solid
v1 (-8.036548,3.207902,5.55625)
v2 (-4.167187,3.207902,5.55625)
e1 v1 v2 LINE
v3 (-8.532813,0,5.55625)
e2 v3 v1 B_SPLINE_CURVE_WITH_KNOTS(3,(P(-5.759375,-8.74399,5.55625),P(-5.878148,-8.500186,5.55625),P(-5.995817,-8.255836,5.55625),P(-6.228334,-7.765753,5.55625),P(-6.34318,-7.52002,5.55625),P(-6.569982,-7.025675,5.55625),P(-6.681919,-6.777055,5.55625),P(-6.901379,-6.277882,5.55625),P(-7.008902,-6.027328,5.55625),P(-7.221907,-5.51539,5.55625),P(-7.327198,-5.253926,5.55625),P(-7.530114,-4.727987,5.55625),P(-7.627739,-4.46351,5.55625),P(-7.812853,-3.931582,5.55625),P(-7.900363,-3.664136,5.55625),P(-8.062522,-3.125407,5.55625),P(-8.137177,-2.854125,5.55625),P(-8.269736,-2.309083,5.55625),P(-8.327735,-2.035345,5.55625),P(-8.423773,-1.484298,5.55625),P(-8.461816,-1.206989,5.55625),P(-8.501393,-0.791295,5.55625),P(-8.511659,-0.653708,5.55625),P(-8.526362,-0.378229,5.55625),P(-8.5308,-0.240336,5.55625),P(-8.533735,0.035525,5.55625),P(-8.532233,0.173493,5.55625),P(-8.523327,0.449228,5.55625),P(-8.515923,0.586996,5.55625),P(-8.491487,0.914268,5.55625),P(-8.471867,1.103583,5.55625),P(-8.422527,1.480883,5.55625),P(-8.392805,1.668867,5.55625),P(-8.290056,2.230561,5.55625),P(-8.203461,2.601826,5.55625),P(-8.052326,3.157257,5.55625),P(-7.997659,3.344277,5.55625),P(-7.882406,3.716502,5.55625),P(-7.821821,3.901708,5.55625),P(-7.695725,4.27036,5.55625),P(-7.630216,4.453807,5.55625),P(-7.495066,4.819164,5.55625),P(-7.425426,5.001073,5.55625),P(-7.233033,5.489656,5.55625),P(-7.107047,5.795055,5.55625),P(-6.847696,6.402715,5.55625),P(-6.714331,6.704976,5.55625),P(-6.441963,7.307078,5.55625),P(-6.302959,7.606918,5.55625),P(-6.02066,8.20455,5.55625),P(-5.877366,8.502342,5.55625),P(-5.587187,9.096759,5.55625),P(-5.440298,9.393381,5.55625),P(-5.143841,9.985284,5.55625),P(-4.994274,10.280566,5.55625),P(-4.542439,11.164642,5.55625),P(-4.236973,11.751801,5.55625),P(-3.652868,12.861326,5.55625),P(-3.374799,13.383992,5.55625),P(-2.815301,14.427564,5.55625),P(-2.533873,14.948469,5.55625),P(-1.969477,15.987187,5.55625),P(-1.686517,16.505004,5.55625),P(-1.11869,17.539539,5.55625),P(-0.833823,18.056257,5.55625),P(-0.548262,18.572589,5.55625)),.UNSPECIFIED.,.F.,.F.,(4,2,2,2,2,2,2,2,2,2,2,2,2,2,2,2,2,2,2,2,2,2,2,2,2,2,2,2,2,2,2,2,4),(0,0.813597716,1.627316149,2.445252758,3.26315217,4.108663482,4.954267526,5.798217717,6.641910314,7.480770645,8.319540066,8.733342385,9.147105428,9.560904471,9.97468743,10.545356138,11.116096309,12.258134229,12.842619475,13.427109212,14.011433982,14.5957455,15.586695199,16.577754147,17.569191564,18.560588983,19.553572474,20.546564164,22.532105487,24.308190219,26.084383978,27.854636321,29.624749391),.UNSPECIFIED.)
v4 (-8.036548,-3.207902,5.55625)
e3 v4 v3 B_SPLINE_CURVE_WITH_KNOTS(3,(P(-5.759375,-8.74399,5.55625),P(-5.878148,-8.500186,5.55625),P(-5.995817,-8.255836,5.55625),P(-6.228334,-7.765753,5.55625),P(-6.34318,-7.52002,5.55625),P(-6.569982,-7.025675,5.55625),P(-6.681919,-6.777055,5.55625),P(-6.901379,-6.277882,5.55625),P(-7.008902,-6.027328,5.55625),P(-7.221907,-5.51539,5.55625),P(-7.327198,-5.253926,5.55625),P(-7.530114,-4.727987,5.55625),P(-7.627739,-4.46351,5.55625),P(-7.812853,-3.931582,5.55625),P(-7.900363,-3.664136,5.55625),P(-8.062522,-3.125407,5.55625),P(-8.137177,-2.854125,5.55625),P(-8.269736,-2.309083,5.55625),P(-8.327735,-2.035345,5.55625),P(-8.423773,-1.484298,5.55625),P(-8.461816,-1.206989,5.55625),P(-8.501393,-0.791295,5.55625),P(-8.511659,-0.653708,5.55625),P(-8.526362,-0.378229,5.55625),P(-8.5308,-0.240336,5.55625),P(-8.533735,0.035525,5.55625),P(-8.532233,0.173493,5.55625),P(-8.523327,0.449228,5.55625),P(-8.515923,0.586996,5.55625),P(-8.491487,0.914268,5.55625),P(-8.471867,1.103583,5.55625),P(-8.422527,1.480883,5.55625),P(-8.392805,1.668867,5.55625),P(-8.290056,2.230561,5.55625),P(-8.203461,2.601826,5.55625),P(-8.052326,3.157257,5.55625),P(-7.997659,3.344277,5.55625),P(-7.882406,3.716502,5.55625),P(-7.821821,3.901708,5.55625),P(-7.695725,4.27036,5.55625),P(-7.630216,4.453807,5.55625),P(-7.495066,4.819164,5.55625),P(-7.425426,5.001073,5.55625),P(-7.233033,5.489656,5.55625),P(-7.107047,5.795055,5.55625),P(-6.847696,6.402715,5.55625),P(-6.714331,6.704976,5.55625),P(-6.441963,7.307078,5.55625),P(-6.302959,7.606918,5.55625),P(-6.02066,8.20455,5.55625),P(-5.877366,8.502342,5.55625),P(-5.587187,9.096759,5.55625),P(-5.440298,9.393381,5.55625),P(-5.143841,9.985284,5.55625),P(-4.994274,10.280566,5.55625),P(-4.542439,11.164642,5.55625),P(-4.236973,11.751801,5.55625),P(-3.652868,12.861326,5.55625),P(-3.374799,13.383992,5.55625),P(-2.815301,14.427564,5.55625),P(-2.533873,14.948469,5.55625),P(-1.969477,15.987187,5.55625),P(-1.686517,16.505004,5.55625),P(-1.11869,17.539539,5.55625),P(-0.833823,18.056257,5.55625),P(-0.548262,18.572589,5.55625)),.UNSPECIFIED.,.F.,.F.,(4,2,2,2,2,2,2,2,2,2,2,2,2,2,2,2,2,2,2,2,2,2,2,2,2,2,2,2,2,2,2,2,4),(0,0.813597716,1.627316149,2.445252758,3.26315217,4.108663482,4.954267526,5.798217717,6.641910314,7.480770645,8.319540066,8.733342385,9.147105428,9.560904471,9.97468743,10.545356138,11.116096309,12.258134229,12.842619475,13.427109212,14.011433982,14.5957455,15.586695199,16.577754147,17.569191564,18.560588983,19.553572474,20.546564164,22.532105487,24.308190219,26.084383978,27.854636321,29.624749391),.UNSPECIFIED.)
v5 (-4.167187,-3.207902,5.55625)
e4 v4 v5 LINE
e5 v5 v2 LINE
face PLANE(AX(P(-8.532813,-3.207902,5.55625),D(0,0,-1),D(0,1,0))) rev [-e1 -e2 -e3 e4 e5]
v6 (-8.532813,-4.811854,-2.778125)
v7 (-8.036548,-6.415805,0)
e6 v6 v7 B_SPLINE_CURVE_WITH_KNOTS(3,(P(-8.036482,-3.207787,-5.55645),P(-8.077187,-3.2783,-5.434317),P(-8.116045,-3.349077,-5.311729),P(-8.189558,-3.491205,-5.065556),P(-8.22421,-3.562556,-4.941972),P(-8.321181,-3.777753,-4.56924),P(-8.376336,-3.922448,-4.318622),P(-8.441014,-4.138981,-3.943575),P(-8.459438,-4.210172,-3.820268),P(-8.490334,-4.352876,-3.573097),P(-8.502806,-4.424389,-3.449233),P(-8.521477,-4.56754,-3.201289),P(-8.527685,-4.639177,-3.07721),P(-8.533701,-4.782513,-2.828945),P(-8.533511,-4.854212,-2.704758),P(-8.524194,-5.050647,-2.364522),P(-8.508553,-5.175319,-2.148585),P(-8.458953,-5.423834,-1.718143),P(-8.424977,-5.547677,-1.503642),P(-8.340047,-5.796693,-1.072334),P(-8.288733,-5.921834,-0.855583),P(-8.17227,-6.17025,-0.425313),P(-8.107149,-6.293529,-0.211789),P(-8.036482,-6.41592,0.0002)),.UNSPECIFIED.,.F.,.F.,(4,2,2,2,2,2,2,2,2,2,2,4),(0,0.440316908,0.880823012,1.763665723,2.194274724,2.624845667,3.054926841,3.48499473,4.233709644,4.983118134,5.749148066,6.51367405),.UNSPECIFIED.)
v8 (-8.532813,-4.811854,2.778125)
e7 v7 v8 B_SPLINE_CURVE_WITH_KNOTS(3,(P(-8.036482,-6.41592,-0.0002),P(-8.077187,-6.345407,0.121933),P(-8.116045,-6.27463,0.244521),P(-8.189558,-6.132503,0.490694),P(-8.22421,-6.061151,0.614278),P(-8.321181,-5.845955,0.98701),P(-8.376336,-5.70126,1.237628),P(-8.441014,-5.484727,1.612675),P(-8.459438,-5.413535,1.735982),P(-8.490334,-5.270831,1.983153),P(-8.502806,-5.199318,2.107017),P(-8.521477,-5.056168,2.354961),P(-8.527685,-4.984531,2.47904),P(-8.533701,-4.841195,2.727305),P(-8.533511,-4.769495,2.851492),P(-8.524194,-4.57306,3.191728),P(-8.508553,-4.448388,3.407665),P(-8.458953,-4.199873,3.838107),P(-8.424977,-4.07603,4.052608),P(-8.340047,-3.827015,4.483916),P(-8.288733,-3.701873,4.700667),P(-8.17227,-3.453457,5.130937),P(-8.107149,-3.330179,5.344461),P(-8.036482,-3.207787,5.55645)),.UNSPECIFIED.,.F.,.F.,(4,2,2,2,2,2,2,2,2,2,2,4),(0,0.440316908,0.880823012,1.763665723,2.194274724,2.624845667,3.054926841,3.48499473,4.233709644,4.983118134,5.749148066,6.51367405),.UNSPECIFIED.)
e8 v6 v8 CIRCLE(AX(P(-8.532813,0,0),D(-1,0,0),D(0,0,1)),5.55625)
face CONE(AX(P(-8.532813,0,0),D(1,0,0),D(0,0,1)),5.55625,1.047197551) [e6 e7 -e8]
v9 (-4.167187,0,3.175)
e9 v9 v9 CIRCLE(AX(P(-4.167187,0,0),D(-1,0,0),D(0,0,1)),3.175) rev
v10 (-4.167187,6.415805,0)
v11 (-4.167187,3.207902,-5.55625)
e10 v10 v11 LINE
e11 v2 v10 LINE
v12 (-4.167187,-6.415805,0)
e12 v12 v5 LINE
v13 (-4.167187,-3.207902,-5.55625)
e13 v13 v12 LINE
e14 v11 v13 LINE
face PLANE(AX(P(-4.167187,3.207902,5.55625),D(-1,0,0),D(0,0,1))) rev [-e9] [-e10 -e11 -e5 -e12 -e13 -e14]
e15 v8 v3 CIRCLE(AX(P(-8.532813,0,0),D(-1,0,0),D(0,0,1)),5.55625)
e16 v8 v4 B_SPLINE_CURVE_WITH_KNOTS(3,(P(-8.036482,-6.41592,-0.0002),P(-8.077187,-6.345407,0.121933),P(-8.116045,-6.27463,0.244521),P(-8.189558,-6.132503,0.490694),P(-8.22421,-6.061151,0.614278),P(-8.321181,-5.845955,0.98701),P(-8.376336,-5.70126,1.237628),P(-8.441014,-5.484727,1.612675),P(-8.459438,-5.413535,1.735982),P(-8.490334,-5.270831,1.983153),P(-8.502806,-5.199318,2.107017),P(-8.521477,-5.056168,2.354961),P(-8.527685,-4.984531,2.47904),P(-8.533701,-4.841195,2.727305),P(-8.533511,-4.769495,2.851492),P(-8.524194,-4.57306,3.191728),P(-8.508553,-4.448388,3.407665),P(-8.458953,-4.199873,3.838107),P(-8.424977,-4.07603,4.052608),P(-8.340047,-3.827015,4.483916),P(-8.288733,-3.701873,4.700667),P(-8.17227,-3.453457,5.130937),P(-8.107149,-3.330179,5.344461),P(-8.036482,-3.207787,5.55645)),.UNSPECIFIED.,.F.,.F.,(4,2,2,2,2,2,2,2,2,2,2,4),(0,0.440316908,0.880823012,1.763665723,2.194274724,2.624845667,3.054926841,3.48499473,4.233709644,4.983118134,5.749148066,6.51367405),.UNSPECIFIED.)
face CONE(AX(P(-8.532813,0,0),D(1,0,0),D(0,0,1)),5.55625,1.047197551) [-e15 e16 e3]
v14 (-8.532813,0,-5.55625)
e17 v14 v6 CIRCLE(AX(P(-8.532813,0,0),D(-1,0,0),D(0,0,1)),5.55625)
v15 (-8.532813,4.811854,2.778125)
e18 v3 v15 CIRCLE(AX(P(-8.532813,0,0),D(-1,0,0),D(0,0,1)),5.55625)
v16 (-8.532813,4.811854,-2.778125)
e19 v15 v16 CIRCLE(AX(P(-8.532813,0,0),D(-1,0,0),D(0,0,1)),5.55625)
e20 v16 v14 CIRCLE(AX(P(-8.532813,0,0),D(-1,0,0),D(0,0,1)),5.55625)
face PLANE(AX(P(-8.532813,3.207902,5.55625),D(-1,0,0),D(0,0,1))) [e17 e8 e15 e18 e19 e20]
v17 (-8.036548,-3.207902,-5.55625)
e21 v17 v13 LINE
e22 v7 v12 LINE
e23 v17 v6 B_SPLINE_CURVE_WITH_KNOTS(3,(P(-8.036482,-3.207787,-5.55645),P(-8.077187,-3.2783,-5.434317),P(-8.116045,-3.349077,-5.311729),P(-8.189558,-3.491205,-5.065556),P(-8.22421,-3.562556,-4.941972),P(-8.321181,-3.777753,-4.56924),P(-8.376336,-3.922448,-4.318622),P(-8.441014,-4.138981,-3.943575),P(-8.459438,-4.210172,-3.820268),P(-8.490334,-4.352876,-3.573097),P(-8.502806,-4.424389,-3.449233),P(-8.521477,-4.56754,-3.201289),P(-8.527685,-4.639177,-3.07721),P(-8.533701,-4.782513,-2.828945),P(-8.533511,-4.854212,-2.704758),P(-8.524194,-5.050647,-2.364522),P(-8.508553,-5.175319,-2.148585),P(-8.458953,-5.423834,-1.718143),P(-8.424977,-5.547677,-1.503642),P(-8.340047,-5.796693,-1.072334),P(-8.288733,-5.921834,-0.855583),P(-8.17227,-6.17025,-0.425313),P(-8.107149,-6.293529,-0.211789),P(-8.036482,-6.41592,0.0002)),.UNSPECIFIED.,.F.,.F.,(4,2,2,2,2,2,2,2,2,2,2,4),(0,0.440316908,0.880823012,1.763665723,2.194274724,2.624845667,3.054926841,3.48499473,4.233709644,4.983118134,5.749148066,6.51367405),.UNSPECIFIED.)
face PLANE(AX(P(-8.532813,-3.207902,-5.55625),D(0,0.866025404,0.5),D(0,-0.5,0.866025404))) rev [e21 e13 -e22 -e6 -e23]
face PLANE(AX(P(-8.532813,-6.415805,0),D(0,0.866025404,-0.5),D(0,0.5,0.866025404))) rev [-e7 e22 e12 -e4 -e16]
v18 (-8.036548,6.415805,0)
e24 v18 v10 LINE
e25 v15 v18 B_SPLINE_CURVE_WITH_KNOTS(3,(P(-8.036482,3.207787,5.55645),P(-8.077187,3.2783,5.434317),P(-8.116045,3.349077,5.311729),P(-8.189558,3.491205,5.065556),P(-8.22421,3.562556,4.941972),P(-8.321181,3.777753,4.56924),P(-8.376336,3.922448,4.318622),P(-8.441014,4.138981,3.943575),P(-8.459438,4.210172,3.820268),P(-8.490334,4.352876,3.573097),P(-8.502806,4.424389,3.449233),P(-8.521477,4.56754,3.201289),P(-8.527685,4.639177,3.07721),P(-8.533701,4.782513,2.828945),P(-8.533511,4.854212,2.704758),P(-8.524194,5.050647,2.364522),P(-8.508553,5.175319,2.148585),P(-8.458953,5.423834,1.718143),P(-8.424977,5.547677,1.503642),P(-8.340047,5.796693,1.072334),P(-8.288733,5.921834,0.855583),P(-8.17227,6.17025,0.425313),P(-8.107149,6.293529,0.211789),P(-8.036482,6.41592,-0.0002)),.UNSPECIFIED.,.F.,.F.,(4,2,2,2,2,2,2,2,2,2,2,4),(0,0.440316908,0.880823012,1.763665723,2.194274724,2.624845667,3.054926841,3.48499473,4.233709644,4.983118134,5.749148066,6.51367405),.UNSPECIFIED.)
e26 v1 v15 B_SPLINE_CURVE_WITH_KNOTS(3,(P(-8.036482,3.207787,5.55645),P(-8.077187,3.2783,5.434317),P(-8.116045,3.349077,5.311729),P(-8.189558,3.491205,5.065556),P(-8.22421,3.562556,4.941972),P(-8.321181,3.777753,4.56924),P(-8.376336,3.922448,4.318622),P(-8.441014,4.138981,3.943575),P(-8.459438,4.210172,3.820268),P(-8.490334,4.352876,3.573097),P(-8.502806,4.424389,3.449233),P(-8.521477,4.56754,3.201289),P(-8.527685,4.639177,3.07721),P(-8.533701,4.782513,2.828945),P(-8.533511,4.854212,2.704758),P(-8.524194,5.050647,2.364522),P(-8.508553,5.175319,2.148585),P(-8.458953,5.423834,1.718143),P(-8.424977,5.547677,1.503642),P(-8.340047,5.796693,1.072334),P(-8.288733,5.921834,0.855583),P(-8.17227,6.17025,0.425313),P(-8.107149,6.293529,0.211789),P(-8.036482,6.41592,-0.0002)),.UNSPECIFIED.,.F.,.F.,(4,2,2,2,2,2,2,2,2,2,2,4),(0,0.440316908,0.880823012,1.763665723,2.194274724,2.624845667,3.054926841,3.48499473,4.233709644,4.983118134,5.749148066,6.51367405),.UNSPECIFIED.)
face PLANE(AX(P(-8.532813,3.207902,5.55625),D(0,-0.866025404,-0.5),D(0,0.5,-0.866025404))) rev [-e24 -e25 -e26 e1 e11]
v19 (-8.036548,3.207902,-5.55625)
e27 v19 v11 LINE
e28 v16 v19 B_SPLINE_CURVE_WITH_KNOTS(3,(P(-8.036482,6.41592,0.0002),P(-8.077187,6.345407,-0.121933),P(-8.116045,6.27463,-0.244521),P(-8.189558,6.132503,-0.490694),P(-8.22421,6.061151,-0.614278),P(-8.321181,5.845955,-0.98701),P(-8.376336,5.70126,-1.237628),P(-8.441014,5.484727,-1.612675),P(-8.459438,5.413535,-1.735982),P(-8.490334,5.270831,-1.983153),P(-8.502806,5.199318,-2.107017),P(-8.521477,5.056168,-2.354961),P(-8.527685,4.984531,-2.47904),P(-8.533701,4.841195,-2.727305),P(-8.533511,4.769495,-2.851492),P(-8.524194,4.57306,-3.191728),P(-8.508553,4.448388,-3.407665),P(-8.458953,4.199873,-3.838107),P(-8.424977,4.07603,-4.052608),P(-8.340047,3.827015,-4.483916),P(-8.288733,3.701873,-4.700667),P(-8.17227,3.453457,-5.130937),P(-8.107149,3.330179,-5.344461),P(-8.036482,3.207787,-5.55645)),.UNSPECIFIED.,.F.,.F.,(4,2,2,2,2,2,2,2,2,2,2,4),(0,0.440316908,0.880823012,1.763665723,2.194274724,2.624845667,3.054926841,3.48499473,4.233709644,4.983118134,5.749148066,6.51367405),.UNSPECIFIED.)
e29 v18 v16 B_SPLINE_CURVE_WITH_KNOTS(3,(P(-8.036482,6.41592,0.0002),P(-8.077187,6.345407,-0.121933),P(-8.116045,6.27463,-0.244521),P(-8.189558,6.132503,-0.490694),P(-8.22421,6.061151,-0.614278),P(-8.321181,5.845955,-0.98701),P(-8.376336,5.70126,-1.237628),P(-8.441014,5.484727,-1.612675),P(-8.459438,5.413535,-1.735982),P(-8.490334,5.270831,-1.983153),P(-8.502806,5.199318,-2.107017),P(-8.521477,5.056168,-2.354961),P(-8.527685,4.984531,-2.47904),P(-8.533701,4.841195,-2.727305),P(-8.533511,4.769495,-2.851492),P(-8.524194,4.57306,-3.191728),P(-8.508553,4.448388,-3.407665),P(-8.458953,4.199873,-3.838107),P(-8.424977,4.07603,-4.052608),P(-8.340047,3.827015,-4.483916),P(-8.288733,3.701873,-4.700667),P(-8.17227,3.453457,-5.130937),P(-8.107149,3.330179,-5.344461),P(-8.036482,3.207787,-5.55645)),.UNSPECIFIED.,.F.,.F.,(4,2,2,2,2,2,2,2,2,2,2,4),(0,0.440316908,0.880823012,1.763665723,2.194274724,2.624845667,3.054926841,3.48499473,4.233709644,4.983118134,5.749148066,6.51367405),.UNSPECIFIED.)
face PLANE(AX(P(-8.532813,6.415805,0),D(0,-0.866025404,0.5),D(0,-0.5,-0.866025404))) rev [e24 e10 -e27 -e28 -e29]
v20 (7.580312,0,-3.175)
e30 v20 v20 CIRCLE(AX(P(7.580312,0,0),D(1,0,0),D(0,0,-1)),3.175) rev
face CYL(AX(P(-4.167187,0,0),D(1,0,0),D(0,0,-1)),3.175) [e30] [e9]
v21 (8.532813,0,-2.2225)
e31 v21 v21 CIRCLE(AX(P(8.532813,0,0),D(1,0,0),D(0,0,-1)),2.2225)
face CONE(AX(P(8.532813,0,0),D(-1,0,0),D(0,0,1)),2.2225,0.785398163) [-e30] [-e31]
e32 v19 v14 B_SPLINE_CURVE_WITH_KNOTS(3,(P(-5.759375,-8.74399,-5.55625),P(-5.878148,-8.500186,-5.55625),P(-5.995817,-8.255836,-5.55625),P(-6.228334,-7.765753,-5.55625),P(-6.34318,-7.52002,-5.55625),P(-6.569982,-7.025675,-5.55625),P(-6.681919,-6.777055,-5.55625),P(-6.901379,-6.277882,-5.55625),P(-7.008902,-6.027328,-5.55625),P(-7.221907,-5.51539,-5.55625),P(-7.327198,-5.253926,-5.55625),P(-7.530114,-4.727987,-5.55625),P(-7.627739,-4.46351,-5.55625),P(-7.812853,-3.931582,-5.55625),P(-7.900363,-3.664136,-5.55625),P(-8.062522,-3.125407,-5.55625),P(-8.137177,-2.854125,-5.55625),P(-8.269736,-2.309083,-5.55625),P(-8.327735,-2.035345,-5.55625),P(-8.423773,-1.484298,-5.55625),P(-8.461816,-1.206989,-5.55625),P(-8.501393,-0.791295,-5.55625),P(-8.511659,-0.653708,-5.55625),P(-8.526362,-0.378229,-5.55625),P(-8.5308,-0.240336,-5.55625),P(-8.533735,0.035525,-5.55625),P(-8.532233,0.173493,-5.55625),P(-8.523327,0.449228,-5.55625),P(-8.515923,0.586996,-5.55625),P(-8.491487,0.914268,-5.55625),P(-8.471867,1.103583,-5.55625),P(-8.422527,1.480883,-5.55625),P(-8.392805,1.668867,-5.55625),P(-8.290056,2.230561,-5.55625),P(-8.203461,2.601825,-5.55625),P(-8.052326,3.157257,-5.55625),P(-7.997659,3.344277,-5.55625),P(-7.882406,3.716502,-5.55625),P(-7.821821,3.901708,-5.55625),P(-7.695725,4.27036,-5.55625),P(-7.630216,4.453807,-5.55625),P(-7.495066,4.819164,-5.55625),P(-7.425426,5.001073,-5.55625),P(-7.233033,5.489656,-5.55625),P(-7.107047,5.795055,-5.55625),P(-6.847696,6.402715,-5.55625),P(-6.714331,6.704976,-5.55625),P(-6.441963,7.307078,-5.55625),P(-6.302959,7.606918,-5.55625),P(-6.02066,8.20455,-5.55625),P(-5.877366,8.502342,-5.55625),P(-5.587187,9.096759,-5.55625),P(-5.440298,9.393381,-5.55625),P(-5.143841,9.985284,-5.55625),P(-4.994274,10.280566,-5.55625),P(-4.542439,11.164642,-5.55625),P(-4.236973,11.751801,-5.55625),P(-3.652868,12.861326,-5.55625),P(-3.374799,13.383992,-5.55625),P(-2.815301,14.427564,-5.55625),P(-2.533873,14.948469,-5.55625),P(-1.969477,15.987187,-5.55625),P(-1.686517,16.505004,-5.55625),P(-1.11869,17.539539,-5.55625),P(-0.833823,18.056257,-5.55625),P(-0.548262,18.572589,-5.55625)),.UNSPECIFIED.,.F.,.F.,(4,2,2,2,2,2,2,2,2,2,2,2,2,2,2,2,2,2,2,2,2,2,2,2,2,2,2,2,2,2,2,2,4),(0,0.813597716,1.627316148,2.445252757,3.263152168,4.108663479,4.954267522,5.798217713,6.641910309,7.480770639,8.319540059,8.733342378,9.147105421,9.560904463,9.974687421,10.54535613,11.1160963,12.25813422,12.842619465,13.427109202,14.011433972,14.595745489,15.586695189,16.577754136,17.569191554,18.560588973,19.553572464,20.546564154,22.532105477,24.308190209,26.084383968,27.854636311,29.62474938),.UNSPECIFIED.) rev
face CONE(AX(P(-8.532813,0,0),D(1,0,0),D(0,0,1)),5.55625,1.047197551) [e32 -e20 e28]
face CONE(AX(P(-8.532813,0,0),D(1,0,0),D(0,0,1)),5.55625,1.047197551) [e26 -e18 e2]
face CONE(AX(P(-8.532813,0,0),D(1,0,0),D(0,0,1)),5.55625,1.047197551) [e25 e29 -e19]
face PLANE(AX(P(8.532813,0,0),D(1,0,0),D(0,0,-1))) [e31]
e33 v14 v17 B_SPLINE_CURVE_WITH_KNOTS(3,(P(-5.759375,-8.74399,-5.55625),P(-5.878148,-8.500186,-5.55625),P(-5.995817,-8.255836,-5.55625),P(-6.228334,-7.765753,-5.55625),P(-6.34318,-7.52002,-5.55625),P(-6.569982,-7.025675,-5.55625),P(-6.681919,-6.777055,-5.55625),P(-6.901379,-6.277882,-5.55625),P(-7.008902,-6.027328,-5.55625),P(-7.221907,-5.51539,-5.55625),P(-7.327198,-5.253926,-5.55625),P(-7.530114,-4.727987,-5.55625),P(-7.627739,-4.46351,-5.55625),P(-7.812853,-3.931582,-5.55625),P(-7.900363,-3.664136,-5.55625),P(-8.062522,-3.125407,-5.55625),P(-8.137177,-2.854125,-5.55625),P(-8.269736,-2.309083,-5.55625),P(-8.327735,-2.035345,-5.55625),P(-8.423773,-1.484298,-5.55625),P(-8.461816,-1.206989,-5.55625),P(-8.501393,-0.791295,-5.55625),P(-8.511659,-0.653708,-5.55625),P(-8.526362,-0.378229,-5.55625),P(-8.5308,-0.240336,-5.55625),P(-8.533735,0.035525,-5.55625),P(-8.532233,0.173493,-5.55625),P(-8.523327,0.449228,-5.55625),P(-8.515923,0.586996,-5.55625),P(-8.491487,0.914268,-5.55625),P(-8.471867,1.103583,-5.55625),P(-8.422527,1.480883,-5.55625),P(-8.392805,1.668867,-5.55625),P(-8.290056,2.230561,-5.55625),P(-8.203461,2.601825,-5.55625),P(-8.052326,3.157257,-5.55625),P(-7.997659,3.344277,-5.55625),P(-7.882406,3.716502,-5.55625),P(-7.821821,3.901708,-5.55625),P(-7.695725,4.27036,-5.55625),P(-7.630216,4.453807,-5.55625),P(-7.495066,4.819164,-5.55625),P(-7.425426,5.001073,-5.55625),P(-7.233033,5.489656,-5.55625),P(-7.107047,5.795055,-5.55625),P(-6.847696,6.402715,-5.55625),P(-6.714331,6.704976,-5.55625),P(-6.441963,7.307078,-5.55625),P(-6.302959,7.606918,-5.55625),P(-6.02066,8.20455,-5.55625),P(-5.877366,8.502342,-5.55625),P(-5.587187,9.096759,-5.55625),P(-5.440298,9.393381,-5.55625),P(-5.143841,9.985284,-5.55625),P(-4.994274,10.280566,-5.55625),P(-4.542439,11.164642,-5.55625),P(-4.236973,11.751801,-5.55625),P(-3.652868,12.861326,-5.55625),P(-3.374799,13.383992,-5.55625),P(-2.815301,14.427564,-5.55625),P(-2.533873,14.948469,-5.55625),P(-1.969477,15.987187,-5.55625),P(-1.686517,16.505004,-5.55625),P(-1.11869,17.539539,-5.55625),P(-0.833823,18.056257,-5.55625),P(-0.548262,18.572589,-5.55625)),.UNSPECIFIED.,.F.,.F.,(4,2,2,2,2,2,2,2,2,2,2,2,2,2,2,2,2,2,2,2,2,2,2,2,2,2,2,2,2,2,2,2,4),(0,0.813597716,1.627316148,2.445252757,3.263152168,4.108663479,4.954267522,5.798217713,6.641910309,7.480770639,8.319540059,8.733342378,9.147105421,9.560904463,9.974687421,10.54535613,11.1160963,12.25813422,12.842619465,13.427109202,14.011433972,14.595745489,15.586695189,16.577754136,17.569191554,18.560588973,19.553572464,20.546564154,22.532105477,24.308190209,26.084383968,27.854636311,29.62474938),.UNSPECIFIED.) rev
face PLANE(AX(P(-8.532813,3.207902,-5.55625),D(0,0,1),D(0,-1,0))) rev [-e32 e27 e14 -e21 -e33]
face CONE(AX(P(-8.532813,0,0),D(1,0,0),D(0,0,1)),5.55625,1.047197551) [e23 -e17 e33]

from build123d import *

# Parameters (mm, degrees)
SKETCH5_R           = 3.175
BOSS_EXTRUDE3_DEPTH = 12.7
CHAMFER1_SIZE       = 0.9525
BOSS_EXTRUDE4_DEPTH = 4.365625
SKETCH8_OUTSIDE_W   = 87.414
SKETCH8_OUTSIDE_H   = 89.134
SKETCH8_OUTSIDE_R   = 5.55625
CUT_EXTRUDE3_DEPTH  = 20.059643826
CUT_EXTRUDE3_DRAFT  = -60


with BuildPart() as part:
    # Sketch5 → Boss-Extrude3 (new body)
    with BuildSketch(Plane(origin=(8.5328125, 0, 0), x_dir=(0, 0, -1), z_dir=(1, 0, 0))):
        Circle(SKETCH5_R)
    extrude(amount=-BOSS_EXTRUDE3_DEPTH)

    # Chamfer1
    chamfer1_edges = [part.edges().sort_by_distance(p)[0] for p in [
        (8.5328125, 0, 3.175),
    ]]
    chamfer(chamfer1_edges, length=CHAMFER1_SIZE)

    # Sketch6 → Boss-Extrude4 (add)
    with BuildSketch(Plane.ZY.offset(4.1671875)):
        Polygon((5.55625, 3.207902433), (0, 6.415804866), (-5.55625, 3.207902433), (-5.55625, -3.207902433), (0, -6.415804866), (5.55625, -3.207902433), align=None)
    extrude(amount=BOSS_EXTRUDE4_DEPTH)


with BuildPart() as cut_extrude3_tool:
    # Sketch8 outside → Cut-Extrude3 (with draft: the straight prism first)
    with BuildSketch(Plane.ZY.offset(8.5328125)):
        Rectangle(SKETCH8_OUTSIDE_W, SKETCH8_OUTSIDE_H)
        Circle(SKETCH8_OUTSIDE_R, mode=Mode.SUBTRACT)
    extrude(amount=-CUT_EXTRUDE3_DEPTH)
    # Cut-Extrude3: the draft: its side faces are tilted about the plane it starts from
    cut_extrude3_sides = [cut_extrude3_tool.faces().sort_by_distance(p)[0] for p in [
        (1.497009413, -44.567, 0),
        (1.497009413, 0, 43.707),
        (1.497009413, 44.567, 0),
        (1.497009413, 0, -43.707),
        (1.497009413, 0, -5.55625),
    ]]
    draft(cut_extrude3_sides, Plane.ZY.offset(8.5328125), CUT_EXTRUDE3_DRAFT)


with BuildPart() as part_1:
    add(part.part)

    # Cut-Extrude3: cut by cut_extrude3_tool
    add(cut_extrude3_tool.part, mode=Mode.SUBTRACT)


solid = part_1.part
